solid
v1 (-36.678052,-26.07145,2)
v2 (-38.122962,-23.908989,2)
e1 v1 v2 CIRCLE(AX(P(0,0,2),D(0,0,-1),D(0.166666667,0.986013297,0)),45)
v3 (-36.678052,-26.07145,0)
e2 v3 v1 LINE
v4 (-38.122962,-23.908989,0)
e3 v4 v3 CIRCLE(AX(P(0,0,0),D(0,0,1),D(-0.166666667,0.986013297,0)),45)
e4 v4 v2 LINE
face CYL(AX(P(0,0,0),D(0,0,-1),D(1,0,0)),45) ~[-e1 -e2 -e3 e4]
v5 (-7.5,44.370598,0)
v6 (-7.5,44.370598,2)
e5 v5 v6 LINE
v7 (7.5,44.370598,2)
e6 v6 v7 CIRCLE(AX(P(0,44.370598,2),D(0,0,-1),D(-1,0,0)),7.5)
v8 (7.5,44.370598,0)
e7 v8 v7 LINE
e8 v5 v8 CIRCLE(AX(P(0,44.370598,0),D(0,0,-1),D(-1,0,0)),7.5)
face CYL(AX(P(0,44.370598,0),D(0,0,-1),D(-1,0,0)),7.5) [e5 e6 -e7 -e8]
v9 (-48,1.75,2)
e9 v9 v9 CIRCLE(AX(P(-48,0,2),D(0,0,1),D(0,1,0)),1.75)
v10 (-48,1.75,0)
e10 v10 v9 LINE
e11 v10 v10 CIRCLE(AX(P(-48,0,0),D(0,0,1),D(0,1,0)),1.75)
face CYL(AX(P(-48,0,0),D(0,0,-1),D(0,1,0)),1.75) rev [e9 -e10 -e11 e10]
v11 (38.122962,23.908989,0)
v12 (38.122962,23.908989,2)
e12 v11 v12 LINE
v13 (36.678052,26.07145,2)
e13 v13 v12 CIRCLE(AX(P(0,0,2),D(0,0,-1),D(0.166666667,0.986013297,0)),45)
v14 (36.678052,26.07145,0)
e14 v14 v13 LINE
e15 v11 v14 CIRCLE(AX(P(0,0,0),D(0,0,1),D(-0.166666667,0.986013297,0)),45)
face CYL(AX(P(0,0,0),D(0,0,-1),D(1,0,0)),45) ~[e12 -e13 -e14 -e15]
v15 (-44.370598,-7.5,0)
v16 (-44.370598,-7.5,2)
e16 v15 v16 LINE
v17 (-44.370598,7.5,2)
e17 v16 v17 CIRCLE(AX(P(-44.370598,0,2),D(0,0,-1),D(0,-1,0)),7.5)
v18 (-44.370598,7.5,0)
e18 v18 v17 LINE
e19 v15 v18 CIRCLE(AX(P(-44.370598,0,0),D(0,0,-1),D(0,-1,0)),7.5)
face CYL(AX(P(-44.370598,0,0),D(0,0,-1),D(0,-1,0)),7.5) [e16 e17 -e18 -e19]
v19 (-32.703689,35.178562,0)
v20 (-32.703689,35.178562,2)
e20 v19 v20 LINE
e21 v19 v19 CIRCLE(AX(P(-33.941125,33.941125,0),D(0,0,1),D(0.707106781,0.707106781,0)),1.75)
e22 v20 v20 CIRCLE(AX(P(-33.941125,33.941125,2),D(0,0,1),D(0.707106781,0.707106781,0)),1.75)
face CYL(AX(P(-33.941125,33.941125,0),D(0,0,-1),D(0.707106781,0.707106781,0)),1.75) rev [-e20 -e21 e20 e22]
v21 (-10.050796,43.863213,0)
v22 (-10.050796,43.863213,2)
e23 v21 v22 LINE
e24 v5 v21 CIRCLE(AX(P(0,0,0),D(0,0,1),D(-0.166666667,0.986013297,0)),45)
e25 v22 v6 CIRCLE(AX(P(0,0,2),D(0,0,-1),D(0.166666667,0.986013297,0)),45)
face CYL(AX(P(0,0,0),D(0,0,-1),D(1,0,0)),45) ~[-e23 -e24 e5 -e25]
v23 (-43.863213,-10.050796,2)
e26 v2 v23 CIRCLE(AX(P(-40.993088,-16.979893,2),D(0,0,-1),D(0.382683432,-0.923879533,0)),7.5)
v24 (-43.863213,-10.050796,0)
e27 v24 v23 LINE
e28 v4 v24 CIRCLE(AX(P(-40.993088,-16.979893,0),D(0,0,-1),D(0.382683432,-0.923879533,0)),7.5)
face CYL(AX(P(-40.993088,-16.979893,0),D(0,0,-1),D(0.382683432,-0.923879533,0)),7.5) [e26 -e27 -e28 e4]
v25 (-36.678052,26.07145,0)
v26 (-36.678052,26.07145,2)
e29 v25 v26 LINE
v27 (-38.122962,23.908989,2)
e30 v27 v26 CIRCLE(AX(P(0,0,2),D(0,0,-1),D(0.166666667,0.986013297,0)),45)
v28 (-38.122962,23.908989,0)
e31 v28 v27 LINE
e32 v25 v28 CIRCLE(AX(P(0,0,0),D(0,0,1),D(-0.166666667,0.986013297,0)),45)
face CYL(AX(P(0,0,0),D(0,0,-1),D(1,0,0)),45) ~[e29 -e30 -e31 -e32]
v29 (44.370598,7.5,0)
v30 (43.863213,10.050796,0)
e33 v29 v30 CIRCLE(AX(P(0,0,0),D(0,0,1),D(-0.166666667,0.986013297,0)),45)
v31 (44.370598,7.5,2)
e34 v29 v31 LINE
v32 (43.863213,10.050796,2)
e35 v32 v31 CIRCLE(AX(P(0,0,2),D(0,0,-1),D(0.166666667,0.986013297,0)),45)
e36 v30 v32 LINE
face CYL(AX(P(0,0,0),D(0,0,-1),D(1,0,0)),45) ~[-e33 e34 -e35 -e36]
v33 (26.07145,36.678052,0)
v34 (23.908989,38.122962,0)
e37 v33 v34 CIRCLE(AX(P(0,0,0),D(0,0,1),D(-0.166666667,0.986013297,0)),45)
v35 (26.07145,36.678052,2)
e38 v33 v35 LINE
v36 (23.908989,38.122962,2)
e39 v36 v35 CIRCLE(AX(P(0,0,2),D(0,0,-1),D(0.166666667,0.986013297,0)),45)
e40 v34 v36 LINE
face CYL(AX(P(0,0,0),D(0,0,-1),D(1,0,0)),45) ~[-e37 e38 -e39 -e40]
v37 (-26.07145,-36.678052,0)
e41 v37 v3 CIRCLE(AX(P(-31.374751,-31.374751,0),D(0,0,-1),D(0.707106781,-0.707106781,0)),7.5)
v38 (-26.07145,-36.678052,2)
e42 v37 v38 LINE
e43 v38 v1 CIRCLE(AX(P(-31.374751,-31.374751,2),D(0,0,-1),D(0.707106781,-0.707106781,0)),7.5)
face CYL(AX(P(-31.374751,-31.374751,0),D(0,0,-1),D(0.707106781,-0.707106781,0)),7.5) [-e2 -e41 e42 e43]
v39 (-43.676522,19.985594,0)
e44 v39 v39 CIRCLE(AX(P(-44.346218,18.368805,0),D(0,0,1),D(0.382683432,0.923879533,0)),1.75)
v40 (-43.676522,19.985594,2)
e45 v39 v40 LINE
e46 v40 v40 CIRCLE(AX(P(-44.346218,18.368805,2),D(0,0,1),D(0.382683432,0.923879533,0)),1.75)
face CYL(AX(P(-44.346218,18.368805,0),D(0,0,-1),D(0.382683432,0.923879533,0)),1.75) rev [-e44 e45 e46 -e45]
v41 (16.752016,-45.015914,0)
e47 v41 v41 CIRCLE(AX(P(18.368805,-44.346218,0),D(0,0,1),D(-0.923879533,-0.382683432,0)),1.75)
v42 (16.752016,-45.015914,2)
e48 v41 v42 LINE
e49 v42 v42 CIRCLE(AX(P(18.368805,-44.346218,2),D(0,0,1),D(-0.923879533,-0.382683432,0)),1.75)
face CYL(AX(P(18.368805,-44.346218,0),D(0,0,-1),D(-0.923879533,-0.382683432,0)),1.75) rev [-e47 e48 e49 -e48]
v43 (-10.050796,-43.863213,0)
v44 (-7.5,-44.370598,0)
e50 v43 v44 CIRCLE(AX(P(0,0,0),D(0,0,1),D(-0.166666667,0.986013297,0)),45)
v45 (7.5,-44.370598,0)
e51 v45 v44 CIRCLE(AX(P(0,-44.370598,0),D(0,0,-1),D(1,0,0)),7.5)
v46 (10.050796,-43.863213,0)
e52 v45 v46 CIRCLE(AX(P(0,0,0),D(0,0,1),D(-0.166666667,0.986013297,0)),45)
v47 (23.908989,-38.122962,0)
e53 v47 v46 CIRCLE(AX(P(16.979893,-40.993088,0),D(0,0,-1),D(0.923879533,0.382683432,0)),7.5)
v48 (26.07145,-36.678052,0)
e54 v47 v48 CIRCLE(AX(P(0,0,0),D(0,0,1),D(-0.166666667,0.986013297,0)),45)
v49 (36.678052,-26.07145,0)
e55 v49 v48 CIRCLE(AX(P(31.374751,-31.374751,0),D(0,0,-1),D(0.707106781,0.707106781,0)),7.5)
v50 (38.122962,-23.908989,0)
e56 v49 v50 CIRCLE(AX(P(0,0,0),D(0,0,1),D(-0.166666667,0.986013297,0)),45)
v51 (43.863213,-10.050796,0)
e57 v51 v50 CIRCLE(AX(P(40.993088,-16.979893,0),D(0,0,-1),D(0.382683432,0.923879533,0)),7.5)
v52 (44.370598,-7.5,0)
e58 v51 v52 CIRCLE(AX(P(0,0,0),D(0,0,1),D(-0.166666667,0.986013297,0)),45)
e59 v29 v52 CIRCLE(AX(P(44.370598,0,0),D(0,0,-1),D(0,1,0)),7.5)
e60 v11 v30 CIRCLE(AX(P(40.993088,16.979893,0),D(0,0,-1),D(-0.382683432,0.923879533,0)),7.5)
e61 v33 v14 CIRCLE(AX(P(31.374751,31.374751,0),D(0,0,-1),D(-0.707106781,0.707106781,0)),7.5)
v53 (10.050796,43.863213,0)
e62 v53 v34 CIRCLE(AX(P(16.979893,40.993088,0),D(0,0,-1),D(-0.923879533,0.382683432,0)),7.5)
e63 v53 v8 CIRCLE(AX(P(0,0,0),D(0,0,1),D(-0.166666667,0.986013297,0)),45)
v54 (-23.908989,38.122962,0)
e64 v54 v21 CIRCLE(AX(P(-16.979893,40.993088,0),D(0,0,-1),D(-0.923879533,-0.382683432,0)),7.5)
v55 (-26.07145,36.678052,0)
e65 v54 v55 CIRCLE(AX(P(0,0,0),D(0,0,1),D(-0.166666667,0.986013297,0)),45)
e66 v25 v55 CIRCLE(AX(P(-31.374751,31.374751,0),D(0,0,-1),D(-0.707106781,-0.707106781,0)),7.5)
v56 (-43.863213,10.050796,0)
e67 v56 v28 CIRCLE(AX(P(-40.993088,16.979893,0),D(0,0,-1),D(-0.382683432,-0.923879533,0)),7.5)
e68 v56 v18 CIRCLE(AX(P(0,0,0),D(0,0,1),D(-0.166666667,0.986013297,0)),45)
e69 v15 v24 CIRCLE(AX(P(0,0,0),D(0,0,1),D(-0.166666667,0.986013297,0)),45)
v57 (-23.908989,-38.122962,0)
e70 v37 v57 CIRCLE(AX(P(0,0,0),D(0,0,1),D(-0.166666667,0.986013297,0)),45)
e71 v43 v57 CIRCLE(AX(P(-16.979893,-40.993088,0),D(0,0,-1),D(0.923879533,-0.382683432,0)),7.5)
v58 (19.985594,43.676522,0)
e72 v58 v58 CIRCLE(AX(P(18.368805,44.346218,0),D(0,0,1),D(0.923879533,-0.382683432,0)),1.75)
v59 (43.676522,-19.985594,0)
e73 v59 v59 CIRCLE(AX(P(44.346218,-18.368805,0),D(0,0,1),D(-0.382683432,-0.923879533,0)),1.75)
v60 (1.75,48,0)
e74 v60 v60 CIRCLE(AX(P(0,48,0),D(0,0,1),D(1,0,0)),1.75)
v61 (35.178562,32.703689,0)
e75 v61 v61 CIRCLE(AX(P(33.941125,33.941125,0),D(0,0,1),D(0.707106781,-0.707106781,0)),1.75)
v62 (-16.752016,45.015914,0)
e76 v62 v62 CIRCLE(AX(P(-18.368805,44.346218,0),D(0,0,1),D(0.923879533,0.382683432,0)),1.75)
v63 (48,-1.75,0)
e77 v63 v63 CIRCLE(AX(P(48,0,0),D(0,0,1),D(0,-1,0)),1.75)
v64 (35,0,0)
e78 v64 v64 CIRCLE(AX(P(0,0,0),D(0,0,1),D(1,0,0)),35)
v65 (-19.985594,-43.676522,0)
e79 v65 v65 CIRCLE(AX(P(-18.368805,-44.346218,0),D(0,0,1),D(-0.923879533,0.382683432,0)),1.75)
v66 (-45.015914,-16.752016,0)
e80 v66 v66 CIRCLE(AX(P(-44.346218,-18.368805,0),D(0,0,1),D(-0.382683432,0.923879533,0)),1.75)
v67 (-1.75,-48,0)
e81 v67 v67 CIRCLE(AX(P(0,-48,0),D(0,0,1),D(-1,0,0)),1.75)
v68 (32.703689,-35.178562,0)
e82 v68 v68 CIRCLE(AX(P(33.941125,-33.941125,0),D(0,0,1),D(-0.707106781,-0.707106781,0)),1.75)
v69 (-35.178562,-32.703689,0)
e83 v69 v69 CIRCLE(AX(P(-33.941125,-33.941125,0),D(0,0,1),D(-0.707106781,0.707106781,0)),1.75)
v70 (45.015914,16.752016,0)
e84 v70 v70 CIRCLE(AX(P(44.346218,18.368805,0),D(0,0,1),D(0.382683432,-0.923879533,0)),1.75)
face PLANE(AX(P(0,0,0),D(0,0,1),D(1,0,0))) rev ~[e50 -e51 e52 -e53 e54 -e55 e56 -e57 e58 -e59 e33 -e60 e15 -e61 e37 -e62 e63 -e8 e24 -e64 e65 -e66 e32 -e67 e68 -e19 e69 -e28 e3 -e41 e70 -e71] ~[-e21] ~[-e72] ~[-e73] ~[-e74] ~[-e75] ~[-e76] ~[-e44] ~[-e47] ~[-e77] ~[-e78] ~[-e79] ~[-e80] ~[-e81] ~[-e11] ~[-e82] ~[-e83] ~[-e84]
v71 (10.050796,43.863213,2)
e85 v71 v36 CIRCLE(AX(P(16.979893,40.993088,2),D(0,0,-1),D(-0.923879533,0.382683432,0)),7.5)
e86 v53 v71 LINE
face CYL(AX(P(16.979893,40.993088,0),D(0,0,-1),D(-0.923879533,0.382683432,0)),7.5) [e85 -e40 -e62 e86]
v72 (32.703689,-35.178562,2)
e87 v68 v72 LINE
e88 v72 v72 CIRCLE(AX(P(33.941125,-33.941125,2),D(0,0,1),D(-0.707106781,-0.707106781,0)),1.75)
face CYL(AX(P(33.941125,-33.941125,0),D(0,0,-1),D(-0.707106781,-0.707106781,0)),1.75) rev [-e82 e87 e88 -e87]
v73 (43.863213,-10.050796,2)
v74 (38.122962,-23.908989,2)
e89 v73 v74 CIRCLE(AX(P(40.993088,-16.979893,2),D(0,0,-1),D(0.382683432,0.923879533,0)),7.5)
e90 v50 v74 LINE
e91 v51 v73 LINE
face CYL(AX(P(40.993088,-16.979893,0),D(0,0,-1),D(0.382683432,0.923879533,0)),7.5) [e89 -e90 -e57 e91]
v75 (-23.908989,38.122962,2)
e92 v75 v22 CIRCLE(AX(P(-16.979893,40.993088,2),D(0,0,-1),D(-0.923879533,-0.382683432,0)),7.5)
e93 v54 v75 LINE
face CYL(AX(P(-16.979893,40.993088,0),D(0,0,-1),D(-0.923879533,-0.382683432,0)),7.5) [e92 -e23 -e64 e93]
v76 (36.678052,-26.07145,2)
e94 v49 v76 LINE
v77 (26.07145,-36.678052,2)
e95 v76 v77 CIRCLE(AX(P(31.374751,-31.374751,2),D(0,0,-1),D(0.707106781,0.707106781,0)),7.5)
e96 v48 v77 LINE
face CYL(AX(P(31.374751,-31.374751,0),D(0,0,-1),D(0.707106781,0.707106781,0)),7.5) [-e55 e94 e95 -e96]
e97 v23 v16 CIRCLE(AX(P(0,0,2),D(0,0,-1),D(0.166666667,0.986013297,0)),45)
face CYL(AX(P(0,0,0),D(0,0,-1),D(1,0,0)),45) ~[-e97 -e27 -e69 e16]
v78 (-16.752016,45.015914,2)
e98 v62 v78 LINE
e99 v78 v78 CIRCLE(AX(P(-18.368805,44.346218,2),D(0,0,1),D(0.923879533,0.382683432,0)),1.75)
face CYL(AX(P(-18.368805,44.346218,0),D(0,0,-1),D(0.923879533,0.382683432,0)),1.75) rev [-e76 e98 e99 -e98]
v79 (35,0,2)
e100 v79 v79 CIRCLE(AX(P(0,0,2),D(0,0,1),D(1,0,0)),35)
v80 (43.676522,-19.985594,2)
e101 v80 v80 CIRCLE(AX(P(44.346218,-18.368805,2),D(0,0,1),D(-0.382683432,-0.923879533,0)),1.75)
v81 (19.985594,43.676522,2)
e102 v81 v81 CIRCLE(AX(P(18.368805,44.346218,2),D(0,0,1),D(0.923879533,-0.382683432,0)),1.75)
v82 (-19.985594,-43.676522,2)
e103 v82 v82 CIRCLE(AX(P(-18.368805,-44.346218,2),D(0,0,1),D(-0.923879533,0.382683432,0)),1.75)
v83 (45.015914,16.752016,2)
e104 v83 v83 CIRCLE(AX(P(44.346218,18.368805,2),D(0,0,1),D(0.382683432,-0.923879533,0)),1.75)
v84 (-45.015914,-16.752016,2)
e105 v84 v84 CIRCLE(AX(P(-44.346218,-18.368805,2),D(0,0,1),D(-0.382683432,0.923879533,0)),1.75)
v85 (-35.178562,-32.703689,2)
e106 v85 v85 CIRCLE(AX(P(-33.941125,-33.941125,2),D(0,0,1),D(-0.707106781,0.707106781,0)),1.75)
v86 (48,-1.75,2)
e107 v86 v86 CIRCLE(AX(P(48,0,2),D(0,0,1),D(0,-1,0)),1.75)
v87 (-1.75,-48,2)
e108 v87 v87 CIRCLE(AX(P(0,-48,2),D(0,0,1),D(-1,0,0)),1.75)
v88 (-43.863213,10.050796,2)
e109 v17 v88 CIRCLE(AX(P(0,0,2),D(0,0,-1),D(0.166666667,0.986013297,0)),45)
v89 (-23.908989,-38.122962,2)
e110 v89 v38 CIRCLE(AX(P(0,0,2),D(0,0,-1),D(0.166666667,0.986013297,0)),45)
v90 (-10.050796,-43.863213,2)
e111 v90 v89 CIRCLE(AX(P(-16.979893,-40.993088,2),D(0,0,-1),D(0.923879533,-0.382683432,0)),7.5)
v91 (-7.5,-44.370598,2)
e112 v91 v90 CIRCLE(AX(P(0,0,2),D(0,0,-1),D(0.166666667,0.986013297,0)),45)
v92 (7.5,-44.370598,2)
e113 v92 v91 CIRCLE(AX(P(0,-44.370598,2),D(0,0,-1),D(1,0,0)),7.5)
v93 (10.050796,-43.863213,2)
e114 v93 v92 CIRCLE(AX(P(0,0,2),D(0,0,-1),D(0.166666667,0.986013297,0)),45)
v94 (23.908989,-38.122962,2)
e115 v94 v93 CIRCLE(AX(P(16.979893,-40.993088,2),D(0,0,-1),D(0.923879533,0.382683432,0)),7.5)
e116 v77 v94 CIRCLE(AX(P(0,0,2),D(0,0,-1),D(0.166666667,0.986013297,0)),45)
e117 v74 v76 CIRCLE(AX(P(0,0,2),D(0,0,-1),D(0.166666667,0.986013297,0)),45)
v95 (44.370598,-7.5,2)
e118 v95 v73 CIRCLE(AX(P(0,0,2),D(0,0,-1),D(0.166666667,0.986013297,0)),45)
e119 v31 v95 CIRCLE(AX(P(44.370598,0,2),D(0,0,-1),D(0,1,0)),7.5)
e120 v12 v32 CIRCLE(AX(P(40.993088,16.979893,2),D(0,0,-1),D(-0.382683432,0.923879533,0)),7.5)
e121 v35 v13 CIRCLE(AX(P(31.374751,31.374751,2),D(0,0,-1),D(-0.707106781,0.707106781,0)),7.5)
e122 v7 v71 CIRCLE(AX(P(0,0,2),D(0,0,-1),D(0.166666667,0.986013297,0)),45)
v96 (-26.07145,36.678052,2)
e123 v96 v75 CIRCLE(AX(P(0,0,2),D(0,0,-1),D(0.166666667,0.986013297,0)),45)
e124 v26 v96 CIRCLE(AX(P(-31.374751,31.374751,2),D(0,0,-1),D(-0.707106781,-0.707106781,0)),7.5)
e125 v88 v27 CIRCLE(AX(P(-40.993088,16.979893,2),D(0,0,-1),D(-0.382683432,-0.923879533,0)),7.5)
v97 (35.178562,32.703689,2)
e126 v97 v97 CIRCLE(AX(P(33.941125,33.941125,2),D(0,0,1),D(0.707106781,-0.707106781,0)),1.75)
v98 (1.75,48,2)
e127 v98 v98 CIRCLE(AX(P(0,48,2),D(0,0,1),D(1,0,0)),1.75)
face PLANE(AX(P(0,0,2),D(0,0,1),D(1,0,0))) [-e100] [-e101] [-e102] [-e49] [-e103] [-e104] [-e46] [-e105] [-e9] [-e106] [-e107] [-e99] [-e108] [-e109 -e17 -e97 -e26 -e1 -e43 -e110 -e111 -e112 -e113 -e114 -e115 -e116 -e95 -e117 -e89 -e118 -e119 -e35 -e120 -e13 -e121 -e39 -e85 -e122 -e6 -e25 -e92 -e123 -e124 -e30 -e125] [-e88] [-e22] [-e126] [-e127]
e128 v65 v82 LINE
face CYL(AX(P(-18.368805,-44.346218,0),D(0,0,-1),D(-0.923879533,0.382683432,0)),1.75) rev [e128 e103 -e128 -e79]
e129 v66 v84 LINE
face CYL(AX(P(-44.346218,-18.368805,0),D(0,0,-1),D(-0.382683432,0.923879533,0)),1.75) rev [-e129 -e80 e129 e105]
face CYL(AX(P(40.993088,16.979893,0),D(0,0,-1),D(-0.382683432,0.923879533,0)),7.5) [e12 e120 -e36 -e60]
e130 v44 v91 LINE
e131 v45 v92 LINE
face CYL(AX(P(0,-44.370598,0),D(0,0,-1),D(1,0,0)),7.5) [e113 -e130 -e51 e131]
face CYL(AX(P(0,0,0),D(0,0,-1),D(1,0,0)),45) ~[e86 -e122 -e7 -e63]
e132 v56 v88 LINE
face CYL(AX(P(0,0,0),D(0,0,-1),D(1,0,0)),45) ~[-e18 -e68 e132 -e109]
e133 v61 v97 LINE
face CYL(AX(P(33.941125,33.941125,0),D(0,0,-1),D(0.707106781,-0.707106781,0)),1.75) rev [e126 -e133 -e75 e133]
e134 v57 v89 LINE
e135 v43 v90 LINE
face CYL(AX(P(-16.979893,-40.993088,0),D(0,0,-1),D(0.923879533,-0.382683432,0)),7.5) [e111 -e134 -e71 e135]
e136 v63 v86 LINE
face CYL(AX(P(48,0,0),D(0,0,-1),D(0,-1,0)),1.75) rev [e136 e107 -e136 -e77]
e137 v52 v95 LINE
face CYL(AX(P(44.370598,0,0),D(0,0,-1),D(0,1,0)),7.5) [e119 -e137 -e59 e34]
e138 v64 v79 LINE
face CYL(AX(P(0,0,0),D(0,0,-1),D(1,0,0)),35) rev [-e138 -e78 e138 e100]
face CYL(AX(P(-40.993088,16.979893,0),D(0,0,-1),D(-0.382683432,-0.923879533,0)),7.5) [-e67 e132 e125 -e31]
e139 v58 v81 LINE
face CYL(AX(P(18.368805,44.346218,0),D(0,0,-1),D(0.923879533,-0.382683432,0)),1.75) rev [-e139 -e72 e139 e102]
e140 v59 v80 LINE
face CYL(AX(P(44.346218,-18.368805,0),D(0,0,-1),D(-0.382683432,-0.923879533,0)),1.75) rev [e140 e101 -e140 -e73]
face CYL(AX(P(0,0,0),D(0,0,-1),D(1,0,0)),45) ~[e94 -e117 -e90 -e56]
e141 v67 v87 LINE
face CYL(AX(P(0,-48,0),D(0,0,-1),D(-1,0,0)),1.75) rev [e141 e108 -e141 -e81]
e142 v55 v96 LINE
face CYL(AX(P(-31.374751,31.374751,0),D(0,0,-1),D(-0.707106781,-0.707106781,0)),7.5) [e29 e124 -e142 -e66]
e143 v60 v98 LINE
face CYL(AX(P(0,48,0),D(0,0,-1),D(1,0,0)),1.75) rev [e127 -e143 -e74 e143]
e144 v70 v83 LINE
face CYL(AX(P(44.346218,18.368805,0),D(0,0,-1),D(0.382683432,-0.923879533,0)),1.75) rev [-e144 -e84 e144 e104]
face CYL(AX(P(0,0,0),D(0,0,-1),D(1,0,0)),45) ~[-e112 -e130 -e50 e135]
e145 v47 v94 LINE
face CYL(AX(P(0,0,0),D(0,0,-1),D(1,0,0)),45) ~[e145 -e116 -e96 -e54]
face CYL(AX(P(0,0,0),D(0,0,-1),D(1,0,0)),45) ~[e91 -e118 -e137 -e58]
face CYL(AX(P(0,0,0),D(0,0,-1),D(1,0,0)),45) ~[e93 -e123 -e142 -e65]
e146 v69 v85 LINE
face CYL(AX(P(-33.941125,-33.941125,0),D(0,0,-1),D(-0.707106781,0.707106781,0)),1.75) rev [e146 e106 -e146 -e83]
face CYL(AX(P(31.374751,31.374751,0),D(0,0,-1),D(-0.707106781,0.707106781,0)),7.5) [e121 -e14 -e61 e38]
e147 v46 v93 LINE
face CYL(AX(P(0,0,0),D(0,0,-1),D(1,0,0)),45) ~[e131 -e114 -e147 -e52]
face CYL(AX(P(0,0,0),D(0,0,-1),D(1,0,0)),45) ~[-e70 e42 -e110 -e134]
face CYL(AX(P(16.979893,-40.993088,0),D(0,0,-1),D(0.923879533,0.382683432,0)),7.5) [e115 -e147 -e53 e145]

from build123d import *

# Parameters (mm, degrees)
SKETCH1_R           = 45
SKETCH1_R_2         = 35
BOSS_EXTRUDE1_DEPTH = 2
SKETCH2_R           = 1.75
BOSS_EXTRUDE2_DEPTH = 2
CIRPATTERN1_COUNT   = 16


with BuildPart() as part:
    # Sketch1 → Boss-Extrude1 (new body)
    with BuildSketch(Plane.XY):
        Circle(SKETCH1_R)
        Circle(SKETCH1_R_2, mode=Mode.SUBTRACT)
    extrude(amount=BOSS_EXTRUDE1_DEPTH)

    # Sketch2 → Boss-Extrude2 (add)
    with BuildSketch(Plane.XY):
        with BuildLine():
            ThreePointArc((7.5, 44.370598373), (0, 45), (-7.5, 44.370598373))
            ThreePointArc((-7.5, 44.370598373), (0, 51.870598373), (7.5, 44.370598373))
        make_face()
        with Locations((0, 48)):
            Circle(SKETCH2_R, mode=Mode.SUBTRACT)
    boss_extrude2 = extrude(amount=BOSS_EXTRUDE2_DEPTH)

    # CirPattern1: Boss-Extrude2 ×16 about axis
    cirpattern1_axis = Axis((0, 0, 0), (0, 0, 1))
    for i in range(1, CIRPATTERN1_COUNT):
        add(boss_extrude2.rotate(cirpattern1_axis, i * 360 / CIRPATTERN1_COUNT))


solid = part.part
